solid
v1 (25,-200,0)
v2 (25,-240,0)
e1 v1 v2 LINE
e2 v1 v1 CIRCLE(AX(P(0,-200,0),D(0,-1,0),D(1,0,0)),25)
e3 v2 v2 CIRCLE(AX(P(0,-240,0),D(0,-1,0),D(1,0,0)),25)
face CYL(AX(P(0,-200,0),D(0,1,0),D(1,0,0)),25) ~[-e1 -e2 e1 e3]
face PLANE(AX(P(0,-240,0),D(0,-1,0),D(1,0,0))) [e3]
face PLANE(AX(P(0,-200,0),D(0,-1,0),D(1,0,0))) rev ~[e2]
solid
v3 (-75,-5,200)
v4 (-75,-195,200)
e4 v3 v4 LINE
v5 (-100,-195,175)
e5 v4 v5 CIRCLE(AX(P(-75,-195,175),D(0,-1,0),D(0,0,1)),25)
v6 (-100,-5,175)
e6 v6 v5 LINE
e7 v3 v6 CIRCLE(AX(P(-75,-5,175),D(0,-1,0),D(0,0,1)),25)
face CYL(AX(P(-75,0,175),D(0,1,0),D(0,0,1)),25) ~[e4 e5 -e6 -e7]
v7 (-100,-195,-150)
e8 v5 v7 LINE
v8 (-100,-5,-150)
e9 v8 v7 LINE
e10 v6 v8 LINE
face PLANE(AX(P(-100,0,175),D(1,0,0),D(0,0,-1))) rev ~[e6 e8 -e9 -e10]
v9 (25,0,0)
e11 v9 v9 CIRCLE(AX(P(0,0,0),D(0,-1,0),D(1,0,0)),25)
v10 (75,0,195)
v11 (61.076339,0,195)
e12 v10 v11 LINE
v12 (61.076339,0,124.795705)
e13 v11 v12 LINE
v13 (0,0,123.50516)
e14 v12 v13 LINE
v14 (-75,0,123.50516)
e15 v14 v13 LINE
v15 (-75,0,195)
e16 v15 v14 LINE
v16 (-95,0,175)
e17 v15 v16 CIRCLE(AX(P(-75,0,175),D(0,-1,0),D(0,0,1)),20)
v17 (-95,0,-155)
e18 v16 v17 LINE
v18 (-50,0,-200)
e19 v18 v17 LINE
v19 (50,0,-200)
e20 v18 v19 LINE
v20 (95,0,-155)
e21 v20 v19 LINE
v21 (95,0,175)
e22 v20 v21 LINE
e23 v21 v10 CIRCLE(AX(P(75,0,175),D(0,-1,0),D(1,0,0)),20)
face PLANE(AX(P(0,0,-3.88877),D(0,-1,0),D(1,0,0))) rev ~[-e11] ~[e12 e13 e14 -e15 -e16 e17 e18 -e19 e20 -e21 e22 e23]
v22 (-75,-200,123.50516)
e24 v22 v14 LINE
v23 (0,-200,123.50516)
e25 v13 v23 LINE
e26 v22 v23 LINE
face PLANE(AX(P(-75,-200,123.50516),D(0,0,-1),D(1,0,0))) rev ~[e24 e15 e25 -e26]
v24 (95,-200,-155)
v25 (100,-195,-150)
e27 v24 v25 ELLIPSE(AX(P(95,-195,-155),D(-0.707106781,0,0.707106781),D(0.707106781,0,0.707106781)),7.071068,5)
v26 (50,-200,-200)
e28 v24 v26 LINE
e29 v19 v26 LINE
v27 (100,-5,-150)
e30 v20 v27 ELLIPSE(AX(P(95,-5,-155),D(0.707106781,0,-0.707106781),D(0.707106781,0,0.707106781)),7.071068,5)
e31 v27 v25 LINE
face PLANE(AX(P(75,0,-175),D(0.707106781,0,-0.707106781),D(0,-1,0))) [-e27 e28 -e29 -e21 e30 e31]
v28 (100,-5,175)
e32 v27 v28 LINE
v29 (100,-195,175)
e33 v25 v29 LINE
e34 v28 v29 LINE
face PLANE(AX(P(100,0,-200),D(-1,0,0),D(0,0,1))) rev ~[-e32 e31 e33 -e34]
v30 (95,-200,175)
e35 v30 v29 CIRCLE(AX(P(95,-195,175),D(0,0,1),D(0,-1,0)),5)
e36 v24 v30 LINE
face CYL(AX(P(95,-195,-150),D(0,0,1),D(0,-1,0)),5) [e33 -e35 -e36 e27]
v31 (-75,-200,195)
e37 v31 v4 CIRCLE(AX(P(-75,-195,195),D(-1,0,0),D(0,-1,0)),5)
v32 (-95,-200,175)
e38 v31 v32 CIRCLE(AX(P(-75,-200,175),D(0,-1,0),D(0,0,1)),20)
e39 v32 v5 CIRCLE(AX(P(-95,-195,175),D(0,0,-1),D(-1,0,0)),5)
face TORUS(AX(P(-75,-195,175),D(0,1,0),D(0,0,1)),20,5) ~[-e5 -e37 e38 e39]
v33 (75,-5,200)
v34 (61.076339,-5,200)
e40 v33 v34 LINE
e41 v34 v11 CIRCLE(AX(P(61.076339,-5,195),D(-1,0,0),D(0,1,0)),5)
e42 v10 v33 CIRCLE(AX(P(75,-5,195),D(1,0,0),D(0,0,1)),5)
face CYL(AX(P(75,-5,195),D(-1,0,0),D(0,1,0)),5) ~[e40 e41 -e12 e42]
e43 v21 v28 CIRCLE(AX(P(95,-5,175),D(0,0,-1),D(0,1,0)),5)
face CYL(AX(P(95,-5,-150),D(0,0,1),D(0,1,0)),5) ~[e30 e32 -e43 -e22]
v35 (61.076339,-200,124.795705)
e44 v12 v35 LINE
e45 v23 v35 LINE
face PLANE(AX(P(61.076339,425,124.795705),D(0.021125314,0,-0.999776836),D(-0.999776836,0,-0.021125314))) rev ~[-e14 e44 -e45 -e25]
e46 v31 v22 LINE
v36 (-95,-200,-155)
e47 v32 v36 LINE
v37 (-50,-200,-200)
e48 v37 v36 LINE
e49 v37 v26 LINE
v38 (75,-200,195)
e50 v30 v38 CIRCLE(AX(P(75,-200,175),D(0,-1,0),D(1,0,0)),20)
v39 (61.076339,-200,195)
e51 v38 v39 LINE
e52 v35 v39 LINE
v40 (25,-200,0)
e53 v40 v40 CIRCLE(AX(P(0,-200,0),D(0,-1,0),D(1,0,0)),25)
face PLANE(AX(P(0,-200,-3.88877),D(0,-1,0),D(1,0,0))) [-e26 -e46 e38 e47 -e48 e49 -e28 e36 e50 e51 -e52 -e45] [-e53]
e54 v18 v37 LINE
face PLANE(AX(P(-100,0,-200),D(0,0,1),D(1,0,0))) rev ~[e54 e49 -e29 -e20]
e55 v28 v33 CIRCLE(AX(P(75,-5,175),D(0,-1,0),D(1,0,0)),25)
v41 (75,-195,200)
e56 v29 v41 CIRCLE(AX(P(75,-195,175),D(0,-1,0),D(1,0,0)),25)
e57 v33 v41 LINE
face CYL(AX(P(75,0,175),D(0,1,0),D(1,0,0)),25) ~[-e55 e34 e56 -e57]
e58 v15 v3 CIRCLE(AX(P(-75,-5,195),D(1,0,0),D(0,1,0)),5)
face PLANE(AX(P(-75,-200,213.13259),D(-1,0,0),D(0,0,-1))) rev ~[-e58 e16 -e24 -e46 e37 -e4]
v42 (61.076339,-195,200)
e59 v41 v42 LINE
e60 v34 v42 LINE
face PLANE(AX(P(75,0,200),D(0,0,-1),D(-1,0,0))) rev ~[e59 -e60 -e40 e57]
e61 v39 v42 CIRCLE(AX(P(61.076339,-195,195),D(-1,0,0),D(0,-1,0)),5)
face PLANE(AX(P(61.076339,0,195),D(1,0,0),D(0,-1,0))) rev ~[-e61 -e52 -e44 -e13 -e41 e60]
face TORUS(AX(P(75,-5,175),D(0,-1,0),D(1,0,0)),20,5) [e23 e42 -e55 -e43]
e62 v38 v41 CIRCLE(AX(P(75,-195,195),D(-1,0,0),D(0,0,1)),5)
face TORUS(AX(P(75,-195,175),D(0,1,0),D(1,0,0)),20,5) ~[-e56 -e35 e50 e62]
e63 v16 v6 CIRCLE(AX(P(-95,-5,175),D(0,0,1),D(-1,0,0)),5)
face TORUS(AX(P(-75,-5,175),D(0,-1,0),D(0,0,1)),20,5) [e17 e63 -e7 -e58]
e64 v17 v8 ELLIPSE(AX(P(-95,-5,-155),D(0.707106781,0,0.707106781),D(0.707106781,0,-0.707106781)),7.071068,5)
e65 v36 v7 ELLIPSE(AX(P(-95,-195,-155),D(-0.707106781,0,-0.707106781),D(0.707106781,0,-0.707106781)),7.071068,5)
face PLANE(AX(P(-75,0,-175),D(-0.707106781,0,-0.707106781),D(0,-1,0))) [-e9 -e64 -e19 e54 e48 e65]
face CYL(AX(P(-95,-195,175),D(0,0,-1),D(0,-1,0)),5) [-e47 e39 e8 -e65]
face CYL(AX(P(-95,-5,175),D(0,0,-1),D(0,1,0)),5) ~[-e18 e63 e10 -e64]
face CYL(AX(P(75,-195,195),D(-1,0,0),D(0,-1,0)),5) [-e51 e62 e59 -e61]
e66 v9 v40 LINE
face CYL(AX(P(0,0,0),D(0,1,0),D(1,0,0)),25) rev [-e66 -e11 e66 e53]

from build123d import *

# Parameters (mm, degrees)
F0_R       = 25
F1_DEPTH   = 200
F2_SIZE    = 50
F3_R       = 5
F4_R       = 25
F5_DEPTH   = 40
F1_FACE1_R = 25
F7_DEPTH   = 5025
F9_DEPTH   = 25
F10_DEPTH  = 450
F11_DEPTH  = 700
F12_DEPTH  = 25


with BuildPart() as f1:
    # F0 (on Front) → F1 (new body)
    with BuildSketch(Plane.XZ):
        with BuildLine():
            ThreePointArc((100, 175), (92.6776695297, 192.6776695297), (75, 200))
            Line((75, 200), (-75, 200))
            ThreePointArc((-75, 200), (-92.6776695297, 192.6776695297), (-100, 175))
            Line((-100, 175), (-100, -200))
            Line((-100, -200), (100, -200))
            Line((100, -200), (100, 175))
        make_face()
        Circle(F0_R, mode=Mode.SUBTRACT)
    extrude(amount=F1_DEPTH)

    # F2
    f2_edges = [f1.edges().sort_by_distance(p)[0] for p in [
        (100, -100, -200),
        (-100, -100, -200),
    ]]
    chamfer(f2_edges, length=F2_SIZE)

    # F3
    f3_edges = [f1.edges().sort_by_distance(p)[0] for p in [
        (75, -100, 200),
        (-75, -100, 200),
        (0, 0, 200),
        (0, -200, 200),
    ]]
    fillet(f3_edges, radius=F3_R)

    # F6 (on face) + F1_face1 (on face) → F7 (cut)
    with BuildSketch(Plane.XZ.offset(200)):
        Polygon((-75, 213.1325900555), (-75, 195), (-75, 123.5051602125), (0, 123.5051602125), (0, 213.1325900555), align=None)
    with BuildSketch(Plane(origin=(0, 0, 2.1764629874), x_dir=(1, 0, 0), z_dir=(0, 1, 0))):
        with BuildLine():
            Line((-50, 202.1764629874), (-95, 157.1764629874))
            Line((-95, 157.1764629874), (-95, -172.8235370126))
            ThreePointArc((-95, -172.8235370126), (-89.1421356237, -186.9656726363), (-75, -192.8235370126))
            Line((-75, -192.8235370126), (75, -192.8235370126))
            ThreePointArc((75, -192.8235370126), (89.1421356237, -186.9656726363), (95, -172.8235370126))
            Line((95, -172.8235370126), (95, 157.1764629874))
            Line((95, 157.1764629874), (50, 202.1764629874))
            Line((50, 202.1764629874), (-50, 202.1764629874))
        make_face()
        with Locations((0, 2.1764629874)):
            Circle(F1_FACE1_R, mode=Mode.SUBTRACT)
    extrude(amount=-F7_DEPTH, dir=(0, -1, 0), mode=Mode.SUBTRACT)

    # F8 (on face) → F9 (cut)
    with BuildSketch(Plane(origin=(0, 0, 0), x_dir=(-1, 0, 0), z_dir=(0, 1, 0))):
        Polygon((0, 195), (-61.0763393342, 195), (-61.0763393342, 124.79570508), (0, 123.5051602125), align=None)
    extrude(amount=-F9_DEPTH, mode=Mode.SUBTRACT)

    # F10 (add): a face of the model
    f10_faces = [f1.faces().sort_by_distance(p)[0] for p in [
        (30.4454594371, -25, 159.5742368382),
    ]]
    extrude(f10_faces, amount=F10_DEPTH)

    # F11 (cut): a face of the model
    f11_faces = [f1.faces().sort_by_distance(p)[0] for p in [
        (30.4454594371, 425, 159.5742368382),
    ]]
    extrude(f11_faces, amount=-F11_DEPTH, mode=Mode.SUBTRACT)

    # F12 (cut): a face of the model
    f12_faces = [f1.faces().sort_by_distance(p)[0] for p in [
        (30.5381696671, -100, 195),
    ]]
    extrude(f12_faces, amount=-F12_DEPTH, mode=Mode.SUBTRACT)


with BuildPart() as f5:
    # F4 (on face) → F5 (new body)
    with BuildSketch(Plane.XZ.offset(200)):
        Circle(F4_R)
    extrude(amount=F5_DEPTH)


solid = Compound([f1.part, f5.part])
